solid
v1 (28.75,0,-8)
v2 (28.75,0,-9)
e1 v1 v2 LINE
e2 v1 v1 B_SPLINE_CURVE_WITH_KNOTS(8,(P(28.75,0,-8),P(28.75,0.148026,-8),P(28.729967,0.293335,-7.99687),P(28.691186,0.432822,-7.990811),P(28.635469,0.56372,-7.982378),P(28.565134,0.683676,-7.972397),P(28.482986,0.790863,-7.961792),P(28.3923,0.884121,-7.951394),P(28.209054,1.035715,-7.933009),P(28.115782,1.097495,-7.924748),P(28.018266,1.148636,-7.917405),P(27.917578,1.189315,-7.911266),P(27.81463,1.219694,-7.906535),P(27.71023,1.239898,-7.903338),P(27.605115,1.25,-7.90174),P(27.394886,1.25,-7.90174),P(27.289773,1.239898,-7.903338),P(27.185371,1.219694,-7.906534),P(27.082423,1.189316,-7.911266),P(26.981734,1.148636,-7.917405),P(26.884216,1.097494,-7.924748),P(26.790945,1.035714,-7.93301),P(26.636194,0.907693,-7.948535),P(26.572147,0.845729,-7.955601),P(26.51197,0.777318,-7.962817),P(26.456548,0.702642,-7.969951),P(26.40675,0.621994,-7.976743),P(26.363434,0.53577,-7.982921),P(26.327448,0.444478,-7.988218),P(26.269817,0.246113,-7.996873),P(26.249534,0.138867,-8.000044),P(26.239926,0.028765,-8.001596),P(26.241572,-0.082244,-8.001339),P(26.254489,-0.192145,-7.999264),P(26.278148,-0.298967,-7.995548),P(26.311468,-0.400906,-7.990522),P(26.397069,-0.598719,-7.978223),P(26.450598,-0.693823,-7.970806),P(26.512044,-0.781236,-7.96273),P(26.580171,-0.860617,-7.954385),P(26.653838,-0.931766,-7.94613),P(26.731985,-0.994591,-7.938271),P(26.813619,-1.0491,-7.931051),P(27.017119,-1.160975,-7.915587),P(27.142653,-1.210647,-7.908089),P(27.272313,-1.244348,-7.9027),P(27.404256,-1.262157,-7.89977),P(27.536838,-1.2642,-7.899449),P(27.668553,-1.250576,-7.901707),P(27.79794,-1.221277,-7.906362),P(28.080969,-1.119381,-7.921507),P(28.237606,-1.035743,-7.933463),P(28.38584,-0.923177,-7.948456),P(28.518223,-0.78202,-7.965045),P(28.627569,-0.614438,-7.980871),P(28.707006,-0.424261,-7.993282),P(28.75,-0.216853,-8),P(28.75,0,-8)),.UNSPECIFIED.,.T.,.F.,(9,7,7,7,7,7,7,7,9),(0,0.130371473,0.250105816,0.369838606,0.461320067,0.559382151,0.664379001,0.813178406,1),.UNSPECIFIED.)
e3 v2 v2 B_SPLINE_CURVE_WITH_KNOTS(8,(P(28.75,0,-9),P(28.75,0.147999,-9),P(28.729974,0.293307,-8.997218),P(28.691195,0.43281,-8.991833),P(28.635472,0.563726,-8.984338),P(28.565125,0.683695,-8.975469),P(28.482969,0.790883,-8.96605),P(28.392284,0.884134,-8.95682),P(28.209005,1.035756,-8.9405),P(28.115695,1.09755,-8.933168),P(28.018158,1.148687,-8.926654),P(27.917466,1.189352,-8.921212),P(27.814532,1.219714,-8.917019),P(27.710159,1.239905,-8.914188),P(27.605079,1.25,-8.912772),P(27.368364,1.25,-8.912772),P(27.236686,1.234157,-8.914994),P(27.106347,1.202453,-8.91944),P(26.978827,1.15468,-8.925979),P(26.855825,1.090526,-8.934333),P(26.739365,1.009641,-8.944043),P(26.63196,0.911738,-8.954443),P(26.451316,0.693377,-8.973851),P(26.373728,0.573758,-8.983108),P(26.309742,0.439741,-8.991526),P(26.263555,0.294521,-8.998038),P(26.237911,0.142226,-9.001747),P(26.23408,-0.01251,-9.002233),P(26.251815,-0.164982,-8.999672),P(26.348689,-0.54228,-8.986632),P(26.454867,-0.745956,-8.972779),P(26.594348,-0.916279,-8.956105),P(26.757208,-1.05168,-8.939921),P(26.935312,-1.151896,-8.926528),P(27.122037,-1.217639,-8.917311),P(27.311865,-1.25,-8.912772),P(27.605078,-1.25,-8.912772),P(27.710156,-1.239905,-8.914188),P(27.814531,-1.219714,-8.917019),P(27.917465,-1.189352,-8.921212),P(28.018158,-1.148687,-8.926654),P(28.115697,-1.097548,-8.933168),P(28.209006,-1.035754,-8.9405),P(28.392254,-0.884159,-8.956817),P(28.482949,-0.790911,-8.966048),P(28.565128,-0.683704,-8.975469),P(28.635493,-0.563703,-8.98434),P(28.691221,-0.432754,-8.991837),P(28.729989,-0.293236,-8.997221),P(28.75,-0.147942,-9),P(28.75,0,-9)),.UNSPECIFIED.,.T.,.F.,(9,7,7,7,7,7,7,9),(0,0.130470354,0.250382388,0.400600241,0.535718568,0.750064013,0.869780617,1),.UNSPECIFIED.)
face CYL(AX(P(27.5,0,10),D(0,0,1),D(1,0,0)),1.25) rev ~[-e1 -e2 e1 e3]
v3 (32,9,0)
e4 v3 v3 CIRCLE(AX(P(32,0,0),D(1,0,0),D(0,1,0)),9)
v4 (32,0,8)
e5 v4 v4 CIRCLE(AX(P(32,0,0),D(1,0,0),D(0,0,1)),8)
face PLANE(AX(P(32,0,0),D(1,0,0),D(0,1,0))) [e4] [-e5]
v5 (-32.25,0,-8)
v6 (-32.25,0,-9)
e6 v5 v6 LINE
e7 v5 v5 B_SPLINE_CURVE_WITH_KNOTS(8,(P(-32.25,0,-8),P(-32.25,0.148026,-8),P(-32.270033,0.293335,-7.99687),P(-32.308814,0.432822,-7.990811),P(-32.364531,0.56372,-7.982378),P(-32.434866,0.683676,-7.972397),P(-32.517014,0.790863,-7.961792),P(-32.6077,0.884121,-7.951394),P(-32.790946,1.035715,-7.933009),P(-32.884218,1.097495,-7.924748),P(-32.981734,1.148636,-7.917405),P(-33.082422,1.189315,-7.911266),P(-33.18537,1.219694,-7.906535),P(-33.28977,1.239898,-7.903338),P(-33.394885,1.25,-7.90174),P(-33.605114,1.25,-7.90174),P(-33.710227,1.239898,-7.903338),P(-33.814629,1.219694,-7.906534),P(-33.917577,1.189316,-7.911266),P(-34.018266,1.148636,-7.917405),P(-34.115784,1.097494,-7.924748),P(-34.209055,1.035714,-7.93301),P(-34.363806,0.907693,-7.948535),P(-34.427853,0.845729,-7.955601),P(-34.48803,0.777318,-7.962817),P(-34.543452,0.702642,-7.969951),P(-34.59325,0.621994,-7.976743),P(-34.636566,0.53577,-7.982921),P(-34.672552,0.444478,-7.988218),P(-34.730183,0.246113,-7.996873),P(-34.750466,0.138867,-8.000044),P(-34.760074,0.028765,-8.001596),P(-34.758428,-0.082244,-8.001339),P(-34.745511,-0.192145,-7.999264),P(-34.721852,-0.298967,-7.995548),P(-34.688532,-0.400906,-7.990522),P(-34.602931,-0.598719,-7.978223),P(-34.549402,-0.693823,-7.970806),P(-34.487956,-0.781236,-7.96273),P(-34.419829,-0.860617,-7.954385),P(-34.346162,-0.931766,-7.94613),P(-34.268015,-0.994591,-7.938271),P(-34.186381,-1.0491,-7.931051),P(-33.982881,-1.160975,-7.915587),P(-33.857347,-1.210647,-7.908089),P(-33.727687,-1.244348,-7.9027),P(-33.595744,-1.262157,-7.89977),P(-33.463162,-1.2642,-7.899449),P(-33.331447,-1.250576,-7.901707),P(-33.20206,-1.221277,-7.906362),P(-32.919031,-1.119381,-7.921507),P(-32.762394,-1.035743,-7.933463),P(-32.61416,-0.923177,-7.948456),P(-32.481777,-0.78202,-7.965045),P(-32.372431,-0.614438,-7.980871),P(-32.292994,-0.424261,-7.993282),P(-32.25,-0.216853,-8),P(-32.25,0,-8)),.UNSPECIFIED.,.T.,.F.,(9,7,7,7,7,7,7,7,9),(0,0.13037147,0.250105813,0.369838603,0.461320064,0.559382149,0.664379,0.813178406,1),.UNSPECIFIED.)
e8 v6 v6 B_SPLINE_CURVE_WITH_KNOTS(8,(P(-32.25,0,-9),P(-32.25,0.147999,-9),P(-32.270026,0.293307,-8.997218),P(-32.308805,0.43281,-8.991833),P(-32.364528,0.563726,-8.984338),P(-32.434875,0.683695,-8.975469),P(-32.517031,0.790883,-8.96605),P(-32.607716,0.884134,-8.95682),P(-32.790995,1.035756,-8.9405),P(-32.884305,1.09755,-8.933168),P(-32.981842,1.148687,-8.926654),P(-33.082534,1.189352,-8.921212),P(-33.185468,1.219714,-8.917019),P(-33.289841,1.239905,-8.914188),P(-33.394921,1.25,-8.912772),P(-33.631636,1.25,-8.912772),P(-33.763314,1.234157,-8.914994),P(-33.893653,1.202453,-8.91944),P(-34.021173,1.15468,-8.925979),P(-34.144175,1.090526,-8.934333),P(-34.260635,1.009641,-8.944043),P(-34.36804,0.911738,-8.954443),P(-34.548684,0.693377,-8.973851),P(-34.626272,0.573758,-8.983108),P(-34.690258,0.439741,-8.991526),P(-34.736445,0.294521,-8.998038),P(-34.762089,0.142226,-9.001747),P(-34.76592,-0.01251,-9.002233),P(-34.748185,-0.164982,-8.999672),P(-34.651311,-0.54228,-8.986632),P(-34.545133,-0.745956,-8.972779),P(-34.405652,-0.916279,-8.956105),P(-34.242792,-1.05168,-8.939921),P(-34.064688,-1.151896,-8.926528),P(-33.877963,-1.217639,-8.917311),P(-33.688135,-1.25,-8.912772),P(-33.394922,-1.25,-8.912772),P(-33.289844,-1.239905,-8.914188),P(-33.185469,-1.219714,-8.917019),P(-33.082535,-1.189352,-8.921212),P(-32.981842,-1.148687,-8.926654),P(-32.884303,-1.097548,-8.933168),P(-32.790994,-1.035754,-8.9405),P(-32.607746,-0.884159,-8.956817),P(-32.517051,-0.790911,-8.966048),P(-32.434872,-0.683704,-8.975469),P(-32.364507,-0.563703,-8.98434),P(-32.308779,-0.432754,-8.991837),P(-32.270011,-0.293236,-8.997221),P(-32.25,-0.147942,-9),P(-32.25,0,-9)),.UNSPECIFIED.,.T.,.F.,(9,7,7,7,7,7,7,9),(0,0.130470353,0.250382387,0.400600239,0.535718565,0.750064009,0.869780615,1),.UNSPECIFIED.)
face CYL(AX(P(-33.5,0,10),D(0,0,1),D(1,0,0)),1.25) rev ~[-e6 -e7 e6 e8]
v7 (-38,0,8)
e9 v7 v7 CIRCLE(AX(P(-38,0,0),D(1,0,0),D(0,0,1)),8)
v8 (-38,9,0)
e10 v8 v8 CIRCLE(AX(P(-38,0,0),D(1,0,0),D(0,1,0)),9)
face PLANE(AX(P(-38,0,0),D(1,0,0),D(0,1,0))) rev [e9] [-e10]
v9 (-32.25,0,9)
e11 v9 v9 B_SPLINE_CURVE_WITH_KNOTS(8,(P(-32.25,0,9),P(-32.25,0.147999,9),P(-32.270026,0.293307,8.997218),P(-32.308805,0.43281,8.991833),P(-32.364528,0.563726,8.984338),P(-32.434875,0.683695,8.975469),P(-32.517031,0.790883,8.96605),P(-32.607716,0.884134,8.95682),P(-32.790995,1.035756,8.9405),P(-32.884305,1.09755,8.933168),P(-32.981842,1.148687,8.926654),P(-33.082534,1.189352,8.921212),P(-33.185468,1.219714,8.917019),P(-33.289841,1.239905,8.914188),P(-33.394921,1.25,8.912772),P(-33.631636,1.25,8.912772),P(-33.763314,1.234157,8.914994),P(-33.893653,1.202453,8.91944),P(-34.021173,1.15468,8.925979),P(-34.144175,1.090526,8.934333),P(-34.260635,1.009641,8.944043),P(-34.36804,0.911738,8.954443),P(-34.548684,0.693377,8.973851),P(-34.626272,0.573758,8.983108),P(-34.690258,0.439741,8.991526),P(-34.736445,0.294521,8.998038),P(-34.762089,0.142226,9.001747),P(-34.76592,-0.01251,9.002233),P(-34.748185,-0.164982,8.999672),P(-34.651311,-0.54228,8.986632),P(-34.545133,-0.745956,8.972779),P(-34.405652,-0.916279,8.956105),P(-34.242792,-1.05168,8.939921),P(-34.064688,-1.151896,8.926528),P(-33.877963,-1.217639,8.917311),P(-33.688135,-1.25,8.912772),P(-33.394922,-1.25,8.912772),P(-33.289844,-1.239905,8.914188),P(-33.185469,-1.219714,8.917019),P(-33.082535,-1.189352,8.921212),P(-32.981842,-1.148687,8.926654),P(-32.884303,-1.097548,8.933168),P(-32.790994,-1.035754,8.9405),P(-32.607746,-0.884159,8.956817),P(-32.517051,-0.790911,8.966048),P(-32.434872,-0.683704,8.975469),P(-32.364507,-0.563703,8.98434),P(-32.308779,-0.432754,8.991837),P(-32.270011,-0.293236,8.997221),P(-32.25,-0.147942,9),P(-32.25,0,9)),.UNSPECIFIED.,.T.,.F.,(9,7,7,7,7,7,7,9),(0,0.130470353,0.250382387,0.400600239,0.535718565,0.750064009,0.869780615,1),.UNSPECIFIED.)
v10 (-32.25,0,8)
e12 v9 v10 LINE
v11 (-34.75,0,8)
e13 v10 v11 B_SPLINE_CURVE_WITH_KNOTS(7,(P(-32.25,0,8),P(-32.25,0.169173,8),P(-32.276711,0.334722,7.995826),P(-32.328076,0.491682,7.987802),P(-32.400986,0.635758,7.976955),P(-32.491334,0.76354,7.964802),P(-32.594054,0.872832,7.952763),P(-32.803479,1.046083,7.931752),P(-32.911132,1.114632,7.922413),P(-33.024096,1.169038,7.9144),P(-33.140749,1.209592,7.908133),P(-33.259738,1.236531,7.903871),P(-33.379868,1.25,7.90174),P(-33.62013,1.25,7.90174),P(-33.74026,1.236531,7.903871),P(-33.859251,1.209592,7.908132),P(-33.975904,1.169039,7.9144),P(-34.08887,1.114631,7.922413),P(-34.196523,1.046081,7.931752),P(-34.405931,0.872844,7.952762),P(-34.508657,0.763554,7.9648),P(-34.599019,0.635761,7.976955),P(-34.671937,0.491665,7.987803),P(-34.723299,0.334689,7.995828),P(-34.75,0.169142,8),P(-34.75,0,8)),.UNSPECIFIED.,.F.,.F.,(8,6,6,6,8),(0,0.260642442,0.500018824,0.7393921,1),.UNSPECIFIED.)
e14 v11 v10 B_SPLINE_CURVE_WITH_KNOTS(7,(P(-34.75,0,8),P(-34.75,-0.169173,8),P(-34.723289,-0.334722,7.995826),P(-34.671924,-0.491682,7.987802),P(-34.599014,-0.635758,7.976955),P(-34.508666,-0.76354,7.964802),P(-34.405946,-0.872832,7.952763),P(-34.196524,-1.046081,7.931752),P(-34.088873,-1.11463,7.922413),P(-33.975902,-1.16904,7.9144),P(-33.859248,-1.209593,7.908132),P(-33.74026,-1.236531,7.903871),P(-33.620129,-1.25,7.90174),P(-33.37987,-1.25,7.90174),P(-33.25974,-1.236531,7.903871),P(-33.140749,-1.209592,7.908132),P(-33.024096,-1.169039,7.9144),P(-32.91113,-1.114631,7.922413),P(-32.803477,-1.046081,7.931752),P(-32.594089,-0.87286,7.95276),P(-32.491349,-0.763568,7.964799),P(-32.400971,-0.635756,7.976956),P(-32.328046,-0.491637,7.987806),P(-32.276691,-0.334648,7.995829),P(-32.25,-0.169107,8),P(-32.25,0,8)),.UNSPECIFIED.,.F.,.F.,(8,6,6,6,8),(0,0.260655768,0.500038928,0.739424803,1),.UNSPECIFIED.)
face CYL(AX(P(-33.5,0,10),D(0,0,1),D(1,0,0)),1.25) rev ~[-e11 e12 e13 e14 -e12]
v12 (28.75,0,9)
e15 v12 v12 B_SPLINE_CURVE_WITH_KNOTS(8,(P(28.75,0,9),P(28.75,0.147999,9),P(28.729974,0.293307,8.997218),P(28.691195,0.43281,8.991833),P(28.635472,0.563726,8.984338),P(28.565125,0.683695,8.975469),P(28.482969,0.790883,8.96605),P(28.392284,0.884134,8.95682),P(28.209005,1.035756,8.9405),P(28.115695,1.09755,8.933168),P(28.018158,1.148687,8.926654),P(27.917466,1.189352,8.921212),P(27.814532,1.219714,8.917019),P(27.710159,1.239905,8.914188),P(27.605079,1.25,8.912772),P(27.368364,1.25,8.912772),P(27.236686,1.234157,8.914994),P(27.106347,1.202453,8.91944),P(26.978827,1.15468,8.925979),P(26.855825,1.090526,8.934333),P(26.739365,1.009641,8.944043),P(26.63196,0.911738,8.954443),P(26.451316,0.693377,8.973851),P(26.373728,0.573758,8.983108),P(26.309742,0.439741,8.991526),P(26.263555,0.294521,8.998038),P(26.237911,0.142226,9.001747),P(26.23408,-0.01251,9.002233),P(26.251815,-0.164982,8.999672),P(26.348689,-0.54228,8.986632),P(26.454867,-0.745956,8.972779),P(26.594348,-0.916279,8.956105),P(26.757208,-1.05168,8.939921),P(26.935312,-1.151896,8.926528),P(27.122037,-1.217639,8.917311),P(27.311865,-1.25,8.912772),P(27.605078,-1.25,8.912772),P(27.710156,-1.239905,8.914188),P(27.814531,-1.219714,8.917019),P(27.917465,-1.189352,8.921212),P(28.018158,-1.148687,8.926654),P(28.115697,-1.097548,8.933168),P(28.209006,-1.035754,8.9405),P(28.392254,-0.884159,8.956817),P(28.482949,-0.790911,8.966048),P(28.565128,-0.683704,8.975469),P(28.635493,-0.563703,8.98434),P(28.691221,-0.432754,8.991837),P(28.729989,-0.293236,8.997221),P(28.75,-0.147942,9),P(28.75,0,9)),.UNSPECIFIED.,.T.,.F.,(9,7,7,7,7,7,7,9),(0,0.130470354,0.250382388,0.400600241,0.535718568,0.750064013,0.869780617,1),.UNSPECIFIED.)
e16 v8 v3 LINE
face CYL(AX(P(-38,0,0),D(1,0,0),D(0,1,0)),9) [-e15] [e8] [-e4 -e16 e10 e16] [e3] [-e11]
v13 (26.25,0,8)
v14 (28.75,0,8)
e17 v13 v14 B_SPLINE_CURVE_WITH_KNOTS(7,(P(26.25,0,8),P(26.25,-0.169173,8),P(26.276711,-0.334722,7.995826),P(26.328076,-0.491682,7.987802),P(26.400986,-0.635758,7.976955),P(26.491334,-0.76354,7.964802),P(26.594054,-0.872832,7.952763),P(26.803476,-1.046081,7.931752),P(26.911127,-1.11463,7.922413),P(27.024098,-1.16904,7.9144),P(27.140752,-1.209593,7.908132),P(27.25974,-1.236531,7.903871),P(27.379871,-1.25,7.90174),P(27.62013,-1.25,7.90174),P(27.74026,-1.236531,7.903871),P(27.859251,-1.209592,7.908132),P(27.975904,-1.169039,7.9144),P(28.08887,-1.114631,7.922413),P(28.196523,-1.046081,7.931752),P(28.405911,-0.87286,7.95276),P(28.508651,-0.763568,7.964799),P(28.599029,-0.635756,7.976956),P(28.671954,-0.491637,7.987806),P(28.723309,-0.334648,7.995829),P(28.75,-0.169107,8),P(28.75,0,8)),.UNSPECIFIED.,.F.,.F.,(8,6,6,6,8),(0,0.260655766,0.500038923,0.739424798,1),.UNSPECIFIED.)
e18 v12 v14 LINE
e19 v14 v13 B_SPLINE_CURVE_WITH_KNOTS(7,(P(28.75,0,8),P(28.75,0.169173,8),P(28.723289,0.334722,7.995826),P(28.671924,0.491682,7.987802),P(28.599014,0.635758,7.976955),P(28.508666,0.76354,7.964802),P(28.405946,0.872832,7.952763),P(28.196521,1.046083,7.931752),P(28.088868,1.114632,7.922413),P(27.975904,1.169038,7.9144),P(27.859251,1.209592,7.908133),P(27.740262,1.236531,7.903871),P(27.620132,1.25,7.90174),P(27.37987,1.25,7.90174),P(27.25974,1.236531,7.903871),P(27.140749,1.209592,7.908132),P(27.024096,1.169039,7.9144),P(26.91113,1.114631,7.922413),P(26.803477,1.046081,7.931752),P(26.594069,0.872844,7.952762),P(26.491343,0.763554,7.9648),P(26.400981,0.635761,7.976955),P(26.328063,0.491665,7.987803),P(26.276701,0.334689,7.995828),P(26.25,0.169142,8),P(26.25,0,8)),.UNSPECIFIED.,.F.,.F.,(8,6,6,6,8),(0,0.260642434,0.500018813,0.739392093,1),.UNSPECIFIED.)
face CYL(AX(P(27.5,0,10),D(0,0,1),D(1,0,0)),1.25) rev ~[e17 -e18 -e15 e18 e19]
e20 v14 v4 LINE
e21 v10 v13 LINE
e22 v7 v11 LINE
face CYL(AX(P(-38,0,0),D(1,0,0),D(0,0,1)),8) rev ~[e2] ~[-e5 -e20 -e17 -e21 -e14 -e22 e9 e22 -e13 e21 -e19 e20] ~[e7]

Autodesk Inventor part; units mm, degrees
ref_plane "YZ Plane" through (0, 0, 0) normal (1, 0, 0) x (0, 1, 0)
ref_plane "XZ Plane" through (0, 0, 0) normal (0, 1, 0) x (-1, 0, 0)
sketch "ShaftProfile" plane through (0, 0, 0) normal (0, 0, 1) x (1, 0, 0)
  line L0 (-52, 0) -> (46, 0) construction
  line L1 (-38, 9) -> (32, 9)
  line L2 (32, 9) -> (32, 0)
  line L3 (-38, 0) -> (-38, 9)
  line L4 (-38, 0) -> (32, 0)
  point P0 (0, 0)
  dimension "d1" = 70
  dimension "d2" = 9
  dimension "d4" = 38
revolve "ShaftFeature" add sketch "ShaftProfile" angle 360 about axis through (-38, 0, 0) along (1, 0, 0)
sketch "Sketch2" plane through (-38, 0, 0) normal (-1, 0, 0) x (0, 0, 1)
  circle A0 centre (0, 0) radius 9 projected
hole "ShaftHoleFeature" at (-38, 0, 0) direction (1, 0, 0) diameter 16 end through all
ref_plane "MidSidePlane" through (0, 0, 10) normal (0, 0, 1) x (1, 0, 0)
sketch "CapHoles" plane through (0, 0, 10) normal (0, 0, 1) x (1, 0, 0)
  line L0 (32, -9) -> (32, 9) construction
  line L1 (-38, -9) -> (-38, 9) construction
  line L2 (-53, 0) -> (52, 0) construction
  circle A0 centre (-33.5, 0) radius 1.25
  circle A1 centre (27.5, 0) radius 1.25
  dimension "d24" = 2.5
  dimension "d25" = 4.5
  dimension "d26" = 4.5
extrude "CapHolesFeature" cut sketch "CapHoles" against normal through all
equation "\"d26\" = d25"
properties part number "BackPair1PistonShaft"
